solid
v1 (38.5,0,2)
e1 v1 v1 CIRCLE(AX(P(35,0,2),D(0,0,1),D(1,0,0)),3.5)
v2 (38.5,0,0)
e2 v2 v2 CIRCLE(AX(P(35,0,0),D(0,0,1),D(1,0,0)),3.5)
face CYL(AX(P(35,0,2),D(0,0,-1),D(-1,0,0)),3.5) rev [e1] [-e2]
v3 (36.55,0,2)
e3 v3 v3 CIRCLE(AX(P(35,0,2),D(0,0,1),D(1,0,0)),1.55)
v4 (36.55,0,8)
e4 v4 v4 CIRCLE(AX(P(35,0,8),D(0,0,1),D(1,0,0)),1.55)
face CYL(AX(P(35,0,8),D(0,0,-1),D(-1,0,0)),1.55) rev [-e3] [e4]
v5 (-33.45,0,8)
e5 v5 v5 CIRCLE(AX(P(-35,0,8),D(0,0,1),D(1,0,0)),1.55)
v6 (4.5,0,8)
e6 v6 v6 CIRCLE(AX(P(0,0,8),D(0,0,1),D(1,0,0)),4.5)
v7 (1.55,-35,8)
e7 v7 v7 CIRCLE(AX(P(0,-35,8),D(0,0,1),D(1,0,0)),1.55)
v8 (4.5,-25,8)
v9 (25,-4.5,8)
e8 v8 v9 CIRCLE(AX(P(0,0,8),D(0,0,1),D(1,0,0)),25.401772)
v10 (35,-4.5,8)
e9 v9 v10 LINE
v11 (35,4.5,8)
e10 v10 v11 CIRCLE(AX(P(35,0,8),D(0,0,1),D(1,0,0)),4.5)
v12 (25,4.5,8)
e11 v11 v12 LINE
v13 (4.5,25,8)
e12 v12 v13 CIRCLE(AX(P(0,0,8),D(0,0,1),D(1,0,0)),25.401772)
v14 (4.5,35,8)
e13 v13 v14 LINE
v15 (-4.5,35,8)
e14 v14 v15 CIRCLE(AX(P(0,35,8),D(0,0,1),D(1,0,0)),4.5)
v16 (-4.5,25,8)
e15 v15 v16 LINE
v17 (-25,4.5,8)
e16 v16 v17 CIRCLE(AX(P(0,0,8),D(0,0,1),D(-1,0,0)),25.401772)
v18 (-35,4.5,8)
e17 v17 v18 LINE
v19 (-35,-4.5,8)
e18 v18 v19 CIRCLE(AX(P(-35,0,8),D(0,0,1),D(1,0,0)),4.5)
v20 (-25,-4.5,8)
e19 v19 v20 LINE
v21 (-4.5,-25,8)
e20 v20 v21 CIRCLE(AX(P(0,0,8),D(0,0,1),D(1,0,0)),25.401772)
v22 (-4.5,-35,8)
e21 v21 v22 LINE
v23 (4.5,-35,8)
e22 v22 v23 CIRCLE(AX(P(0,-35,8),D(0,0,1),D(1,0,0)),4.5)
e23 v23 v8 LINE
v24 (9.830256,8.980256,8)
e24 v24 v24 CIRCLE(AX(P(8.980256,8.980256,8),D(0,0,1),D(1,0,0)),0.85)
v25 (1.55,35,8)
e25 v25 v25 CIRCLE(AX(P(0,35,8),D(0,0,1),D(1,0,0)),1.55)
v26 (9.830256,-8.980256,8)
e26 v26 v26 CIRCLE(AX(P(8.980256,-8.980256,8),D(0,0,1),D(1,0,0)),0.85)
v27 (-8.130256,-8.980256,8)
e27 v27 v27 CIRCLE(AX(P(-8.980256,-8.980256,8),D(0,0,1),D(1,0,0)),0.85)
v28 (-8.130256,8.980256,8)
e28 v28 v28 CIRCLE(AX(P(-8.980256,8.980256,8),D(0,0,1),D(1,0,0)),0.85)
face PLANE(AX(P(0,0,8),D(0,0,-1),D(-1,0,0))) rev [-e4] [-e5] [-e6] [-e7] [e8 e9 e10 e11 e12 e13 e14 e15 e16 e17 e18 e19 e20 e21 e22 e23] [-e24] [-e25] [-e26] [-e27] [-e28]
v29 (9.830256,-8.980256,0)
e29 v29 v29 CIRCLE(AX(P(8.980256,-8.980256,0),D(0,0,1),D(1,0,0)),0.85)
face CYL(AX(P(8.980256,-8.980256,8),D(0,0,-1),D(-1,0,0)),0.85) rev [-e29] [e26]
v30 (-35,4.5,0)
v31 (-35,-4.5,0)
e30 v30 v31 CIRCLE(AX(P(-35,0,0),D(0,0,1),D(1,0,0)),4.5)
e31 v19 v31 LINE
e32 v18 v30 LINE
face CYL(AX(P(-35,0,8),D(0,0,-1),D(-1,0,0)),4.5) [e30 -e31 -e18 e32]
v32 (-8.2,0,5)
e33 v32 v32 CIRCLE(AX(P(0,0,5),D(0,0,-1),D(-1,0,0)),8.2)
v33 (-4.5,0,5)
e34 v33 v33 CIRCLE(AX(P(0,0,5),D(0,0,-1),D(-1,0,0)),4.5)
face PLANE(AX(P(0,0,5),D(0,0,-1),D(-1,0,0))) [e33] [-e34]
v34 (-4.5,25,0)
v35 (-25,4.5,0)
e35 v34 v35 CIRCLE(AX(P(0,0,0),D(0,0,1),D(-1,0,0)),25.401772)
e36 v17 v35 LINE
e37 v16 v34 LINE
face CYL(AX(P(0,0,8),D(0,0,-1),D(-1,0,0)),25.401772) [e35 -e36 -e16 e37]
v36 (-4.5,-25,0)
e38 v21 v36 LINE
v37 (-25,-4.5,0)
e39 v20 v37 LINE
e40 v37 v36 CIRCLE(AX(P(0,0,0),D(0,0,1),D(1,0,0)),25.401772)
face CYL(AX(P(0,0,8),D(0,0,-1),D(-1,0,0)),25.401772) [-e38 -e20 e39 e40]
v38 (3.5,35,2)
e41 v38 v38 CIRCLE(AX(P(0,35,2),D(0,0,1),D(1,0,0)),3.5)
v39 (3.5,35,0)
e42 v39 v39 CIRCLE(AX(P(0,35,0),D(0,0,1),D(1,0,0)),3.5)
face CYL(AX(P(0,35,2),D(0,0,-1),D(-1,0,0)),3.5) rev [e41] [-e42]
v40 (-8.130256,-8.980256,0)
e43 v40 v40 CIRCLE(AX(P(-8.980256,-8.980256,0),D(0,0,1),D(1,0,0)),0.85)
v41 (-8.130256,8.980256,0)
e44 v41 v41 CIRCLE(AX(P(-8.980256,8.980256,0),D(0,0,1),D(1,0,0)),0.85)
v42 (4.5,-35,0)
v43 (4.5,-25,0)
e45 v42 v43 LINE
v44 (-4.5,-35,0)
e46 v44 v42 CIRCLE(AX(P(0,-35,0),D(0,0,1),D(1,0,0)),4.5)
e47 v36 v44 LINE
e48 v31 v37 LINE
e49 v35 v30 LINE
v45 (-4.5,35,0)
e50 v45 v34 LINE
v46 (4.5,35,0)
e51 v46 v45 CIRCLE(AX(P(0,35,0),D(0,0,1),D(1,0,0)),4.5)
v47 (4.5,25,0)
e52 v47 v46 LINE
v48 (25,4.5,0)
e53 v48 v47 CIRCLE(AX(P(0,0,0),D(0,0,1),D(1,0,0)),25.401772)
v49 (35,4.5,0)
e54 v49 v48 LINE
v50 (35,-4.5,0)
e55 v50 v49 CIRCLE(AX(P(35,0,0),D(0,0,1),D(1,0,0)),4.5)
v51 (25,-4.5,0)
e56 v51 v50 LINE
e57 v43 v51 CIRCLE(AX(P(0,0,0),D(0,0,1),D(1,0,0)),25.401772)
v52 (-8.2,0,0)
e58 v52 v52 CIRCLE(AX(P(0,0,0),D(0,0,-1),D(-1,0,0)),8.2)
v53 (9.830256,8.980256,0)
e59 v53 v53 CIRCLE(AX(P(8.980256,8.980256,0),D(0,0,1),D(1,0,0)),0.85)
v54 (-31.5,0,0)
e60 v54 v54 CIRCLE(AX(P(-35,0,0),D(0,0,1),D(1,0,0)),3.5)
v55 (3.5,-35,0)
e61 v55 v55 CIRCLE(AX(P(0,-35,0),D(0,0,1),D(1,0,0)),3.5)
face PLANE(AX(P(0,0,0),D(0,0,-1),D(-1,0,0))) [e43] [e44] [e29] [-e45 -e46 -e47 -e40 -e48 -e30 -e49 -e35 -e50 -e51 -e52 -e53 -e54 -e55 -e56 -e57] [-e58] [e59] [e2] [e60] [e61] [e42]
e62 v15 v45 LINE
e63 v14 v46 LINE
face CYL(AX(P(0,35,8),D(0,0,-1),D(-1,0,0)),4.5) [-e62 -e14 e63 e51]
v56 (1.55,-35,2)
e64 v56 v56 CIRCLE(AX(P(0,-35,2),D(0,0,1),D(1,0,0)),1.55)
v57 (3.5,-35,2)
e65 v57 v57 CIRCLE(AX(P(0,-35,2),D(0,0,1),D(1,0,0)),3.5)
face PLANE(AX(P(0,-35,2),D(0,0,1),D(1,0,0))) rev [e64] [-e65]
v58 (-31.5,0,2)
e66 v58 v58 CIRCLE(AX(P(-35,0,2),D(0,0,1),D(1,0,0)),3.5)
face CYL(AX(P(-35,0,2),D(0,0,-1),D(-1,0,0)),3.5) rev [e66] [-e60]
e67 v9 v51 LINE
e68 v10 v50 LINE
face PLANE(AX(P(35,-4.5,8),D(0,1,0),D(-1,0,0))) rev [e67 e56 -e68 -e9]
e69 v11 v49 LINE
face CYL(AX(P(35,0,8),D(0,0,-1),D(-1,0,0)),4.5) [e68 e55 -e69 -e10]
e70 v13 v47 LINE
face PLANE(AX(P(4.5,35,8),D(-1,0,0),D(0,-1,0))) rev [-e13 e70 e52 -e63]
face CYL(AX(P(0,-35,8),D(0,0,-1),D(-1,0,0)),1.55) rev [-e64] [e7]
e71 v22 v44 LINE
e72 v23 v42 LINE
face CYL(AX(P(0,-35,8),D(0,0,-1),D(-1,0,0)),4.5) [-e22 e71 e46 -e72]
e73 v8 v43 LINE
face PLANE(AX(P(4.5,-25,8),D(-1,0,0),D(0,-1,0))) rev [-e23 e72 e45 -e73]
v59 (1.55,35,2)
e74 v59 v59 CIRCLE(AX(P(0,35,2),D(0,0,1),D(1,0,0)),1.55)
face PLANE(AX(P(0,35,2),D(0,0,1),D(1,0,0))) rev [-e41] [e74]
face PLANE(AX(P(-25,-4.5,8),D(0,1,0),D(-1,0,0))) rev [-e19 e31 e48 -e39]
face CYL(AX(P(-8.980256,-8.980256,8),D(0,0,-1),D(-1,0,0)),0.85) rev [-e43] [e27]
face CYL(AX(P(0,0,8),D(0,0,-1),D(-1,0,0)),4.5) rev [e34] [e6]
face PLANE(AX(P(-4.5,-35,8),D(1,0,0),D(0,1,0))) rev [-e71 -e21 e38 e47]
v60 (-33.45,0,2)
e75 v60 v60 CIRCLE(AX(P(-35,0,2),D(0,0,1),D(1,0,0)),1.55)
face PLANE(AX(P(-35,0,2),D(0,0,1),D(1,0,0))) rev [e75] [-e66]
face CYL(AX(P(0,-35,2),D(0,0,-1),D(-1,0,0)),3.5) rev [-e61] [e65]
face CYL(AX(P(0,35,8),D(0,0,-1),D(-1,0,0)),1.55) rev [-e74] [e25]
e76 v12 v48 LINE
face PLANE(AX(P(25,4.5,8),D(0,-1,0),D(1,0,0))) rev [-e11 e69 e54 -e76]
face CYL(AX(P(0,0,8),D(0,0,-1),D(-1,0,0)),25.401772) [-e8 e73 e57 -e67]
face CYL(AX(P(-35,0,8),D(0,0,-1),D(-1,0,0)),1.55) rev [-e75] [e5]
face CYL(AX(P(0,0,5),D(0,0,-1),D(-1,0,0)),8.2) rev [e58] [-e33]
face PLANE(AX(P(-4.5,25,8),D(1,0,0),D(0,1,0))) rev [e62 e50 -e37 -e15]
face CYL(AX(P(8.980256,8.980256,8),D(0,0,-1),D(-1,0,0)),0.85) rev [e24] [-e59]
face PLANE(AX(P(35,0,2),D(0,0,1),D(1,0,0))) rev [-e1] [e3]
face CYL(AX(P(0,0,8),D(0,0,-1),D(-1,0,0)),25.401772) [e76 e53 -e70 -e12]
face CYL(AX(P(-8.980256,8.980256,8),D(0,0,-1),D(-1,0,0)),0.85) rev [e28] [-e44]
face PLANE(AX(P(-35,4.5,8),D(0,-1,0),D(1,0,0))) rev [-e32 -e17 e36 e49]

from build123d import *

# Parameters (mm, degrees)
SKETCH1_R           = 4.5
SKETCH1_R_2         = 0.85
SKETCH1_R_3         = 1.55
BOSS_EXTRUDE2_DEPTH = 8
SKETCH5_R           = 8.2
CUT_EXTRUDE3_DEPTH  = 5
SKETCH6_R           = 3.5
CUT_EXTRUDE6_DEPTH  = 2


with BuildPart() as part:
    # Sketch1 → Boss-Extrude2 (new body)
    with BuildSketch(Plane.XY):
        with BuildLine():
            Line((-35, 4.5), (-25, 4.5))
            ThreePointArc((-25, 4.5), (-17.961764947, 17.961764947), (-4.5, 25))
            Line((-4.5, 25), (-4.5, 35))
            ThreePointArc((-4.5, 35), (0, 39.5), (4.5, 35))
            Line((4.5, 35), (4.5, 25))
            ThreePointArc((4.5, 25), (17.961764947, 17.961764947), (25, 4.5))
            Line((25, 4.5), (35, 4.5))
            ThreePointArc((35, 4.5), (39.5, 0), (35, -4.5))
            Line((35, -4.5), (25, -4.5))
            ThreePointArc((25, -4.5), (17.961764947, -17.961764947), (4.5, -25))
            Line((4.5, -25), (4.5, -35))
            ThreePointArc((4.5, -35), (0, -39.5), (-4.5, -35))
            Line((-4.5, -35), (-4.5, -25))
            ThreePointArc((-4.5, -25), (-17.961764947, -17.961764947), (-25, -4.5))
            Line((-25, -4.5), (-35, -4.5))
            ThreePointArc((-35, -4.5), (-39.5, 0), (-35, 4.5))
        make_face()
        Circle(SKETCH1_R, mode=Mode.SUBTRACT)
        with Locations((8.980256121, 8.980256121)):
            Circle(SKETCH1_R_2, mode=Mode.SUBTRACT)
        with Locations((8.980256121, -8.980256121)):
            Circle(SKETCH1_R_2, mode=Mode.SUBTRACT)
        with Locations((-8.980256121, -8.980256121)):
            Circle(SKETCH1_R_2, mode=Mode.SUBTRACT)
        with Locations((-8.980256121, 8.980256121)):
            Circle(SKETCH1_R_2, mode=Mode.SUBTRACT)
        with Locations((-35, 0)):
            Circle(SKETCH1_R_3, mode=Mode.SUBTRACT)
        with Locations((0, 35)):
            Circle(SKETCH1_R_3, mode=Mode.SUBTRACT)
        with Locations((35, 0)):
            Circle(SKETCH1_R_3, mode=Mode.SUBTRACT)
        with Locations((0, -35)):
            Circle(SKETCH1_R_3, mode=Mode.SUBTRACT)
    extrude(amount=BOSS_EXTRUDE2_DEPTH)

    # Sketch5 → Cut-Extrude3 (cut)
    with BuildSketch(Plane(origin=(0, 0, 0), x_dir=(-1, 0, 0), z_dir=(0, 0, -1))):
        Circle(SKETCH5_R)
    extrude(amount=-CUT_EXTRUDE3_DEPTH, mode=Mode.SUBTRACT)

    # Sketch6 → Cut-Extrude6 (cut)
    with BuildSketch(Plane.XY):
        with Locations((0, 35)):
            Circle(SKETCH6_R)
        with Locations((35, 0)):
            Circle(SKETCH6_R)
        with Locations((0, -35)):
            Circle(SKETCH6_R)
        with Locations((-35, 0)):
            Circle(SKETCH6_R)
    extrude(amount=CUT_EXTRUDE6_DEPTH, mode=Mode.SUBTRACT)


solid = part.part
